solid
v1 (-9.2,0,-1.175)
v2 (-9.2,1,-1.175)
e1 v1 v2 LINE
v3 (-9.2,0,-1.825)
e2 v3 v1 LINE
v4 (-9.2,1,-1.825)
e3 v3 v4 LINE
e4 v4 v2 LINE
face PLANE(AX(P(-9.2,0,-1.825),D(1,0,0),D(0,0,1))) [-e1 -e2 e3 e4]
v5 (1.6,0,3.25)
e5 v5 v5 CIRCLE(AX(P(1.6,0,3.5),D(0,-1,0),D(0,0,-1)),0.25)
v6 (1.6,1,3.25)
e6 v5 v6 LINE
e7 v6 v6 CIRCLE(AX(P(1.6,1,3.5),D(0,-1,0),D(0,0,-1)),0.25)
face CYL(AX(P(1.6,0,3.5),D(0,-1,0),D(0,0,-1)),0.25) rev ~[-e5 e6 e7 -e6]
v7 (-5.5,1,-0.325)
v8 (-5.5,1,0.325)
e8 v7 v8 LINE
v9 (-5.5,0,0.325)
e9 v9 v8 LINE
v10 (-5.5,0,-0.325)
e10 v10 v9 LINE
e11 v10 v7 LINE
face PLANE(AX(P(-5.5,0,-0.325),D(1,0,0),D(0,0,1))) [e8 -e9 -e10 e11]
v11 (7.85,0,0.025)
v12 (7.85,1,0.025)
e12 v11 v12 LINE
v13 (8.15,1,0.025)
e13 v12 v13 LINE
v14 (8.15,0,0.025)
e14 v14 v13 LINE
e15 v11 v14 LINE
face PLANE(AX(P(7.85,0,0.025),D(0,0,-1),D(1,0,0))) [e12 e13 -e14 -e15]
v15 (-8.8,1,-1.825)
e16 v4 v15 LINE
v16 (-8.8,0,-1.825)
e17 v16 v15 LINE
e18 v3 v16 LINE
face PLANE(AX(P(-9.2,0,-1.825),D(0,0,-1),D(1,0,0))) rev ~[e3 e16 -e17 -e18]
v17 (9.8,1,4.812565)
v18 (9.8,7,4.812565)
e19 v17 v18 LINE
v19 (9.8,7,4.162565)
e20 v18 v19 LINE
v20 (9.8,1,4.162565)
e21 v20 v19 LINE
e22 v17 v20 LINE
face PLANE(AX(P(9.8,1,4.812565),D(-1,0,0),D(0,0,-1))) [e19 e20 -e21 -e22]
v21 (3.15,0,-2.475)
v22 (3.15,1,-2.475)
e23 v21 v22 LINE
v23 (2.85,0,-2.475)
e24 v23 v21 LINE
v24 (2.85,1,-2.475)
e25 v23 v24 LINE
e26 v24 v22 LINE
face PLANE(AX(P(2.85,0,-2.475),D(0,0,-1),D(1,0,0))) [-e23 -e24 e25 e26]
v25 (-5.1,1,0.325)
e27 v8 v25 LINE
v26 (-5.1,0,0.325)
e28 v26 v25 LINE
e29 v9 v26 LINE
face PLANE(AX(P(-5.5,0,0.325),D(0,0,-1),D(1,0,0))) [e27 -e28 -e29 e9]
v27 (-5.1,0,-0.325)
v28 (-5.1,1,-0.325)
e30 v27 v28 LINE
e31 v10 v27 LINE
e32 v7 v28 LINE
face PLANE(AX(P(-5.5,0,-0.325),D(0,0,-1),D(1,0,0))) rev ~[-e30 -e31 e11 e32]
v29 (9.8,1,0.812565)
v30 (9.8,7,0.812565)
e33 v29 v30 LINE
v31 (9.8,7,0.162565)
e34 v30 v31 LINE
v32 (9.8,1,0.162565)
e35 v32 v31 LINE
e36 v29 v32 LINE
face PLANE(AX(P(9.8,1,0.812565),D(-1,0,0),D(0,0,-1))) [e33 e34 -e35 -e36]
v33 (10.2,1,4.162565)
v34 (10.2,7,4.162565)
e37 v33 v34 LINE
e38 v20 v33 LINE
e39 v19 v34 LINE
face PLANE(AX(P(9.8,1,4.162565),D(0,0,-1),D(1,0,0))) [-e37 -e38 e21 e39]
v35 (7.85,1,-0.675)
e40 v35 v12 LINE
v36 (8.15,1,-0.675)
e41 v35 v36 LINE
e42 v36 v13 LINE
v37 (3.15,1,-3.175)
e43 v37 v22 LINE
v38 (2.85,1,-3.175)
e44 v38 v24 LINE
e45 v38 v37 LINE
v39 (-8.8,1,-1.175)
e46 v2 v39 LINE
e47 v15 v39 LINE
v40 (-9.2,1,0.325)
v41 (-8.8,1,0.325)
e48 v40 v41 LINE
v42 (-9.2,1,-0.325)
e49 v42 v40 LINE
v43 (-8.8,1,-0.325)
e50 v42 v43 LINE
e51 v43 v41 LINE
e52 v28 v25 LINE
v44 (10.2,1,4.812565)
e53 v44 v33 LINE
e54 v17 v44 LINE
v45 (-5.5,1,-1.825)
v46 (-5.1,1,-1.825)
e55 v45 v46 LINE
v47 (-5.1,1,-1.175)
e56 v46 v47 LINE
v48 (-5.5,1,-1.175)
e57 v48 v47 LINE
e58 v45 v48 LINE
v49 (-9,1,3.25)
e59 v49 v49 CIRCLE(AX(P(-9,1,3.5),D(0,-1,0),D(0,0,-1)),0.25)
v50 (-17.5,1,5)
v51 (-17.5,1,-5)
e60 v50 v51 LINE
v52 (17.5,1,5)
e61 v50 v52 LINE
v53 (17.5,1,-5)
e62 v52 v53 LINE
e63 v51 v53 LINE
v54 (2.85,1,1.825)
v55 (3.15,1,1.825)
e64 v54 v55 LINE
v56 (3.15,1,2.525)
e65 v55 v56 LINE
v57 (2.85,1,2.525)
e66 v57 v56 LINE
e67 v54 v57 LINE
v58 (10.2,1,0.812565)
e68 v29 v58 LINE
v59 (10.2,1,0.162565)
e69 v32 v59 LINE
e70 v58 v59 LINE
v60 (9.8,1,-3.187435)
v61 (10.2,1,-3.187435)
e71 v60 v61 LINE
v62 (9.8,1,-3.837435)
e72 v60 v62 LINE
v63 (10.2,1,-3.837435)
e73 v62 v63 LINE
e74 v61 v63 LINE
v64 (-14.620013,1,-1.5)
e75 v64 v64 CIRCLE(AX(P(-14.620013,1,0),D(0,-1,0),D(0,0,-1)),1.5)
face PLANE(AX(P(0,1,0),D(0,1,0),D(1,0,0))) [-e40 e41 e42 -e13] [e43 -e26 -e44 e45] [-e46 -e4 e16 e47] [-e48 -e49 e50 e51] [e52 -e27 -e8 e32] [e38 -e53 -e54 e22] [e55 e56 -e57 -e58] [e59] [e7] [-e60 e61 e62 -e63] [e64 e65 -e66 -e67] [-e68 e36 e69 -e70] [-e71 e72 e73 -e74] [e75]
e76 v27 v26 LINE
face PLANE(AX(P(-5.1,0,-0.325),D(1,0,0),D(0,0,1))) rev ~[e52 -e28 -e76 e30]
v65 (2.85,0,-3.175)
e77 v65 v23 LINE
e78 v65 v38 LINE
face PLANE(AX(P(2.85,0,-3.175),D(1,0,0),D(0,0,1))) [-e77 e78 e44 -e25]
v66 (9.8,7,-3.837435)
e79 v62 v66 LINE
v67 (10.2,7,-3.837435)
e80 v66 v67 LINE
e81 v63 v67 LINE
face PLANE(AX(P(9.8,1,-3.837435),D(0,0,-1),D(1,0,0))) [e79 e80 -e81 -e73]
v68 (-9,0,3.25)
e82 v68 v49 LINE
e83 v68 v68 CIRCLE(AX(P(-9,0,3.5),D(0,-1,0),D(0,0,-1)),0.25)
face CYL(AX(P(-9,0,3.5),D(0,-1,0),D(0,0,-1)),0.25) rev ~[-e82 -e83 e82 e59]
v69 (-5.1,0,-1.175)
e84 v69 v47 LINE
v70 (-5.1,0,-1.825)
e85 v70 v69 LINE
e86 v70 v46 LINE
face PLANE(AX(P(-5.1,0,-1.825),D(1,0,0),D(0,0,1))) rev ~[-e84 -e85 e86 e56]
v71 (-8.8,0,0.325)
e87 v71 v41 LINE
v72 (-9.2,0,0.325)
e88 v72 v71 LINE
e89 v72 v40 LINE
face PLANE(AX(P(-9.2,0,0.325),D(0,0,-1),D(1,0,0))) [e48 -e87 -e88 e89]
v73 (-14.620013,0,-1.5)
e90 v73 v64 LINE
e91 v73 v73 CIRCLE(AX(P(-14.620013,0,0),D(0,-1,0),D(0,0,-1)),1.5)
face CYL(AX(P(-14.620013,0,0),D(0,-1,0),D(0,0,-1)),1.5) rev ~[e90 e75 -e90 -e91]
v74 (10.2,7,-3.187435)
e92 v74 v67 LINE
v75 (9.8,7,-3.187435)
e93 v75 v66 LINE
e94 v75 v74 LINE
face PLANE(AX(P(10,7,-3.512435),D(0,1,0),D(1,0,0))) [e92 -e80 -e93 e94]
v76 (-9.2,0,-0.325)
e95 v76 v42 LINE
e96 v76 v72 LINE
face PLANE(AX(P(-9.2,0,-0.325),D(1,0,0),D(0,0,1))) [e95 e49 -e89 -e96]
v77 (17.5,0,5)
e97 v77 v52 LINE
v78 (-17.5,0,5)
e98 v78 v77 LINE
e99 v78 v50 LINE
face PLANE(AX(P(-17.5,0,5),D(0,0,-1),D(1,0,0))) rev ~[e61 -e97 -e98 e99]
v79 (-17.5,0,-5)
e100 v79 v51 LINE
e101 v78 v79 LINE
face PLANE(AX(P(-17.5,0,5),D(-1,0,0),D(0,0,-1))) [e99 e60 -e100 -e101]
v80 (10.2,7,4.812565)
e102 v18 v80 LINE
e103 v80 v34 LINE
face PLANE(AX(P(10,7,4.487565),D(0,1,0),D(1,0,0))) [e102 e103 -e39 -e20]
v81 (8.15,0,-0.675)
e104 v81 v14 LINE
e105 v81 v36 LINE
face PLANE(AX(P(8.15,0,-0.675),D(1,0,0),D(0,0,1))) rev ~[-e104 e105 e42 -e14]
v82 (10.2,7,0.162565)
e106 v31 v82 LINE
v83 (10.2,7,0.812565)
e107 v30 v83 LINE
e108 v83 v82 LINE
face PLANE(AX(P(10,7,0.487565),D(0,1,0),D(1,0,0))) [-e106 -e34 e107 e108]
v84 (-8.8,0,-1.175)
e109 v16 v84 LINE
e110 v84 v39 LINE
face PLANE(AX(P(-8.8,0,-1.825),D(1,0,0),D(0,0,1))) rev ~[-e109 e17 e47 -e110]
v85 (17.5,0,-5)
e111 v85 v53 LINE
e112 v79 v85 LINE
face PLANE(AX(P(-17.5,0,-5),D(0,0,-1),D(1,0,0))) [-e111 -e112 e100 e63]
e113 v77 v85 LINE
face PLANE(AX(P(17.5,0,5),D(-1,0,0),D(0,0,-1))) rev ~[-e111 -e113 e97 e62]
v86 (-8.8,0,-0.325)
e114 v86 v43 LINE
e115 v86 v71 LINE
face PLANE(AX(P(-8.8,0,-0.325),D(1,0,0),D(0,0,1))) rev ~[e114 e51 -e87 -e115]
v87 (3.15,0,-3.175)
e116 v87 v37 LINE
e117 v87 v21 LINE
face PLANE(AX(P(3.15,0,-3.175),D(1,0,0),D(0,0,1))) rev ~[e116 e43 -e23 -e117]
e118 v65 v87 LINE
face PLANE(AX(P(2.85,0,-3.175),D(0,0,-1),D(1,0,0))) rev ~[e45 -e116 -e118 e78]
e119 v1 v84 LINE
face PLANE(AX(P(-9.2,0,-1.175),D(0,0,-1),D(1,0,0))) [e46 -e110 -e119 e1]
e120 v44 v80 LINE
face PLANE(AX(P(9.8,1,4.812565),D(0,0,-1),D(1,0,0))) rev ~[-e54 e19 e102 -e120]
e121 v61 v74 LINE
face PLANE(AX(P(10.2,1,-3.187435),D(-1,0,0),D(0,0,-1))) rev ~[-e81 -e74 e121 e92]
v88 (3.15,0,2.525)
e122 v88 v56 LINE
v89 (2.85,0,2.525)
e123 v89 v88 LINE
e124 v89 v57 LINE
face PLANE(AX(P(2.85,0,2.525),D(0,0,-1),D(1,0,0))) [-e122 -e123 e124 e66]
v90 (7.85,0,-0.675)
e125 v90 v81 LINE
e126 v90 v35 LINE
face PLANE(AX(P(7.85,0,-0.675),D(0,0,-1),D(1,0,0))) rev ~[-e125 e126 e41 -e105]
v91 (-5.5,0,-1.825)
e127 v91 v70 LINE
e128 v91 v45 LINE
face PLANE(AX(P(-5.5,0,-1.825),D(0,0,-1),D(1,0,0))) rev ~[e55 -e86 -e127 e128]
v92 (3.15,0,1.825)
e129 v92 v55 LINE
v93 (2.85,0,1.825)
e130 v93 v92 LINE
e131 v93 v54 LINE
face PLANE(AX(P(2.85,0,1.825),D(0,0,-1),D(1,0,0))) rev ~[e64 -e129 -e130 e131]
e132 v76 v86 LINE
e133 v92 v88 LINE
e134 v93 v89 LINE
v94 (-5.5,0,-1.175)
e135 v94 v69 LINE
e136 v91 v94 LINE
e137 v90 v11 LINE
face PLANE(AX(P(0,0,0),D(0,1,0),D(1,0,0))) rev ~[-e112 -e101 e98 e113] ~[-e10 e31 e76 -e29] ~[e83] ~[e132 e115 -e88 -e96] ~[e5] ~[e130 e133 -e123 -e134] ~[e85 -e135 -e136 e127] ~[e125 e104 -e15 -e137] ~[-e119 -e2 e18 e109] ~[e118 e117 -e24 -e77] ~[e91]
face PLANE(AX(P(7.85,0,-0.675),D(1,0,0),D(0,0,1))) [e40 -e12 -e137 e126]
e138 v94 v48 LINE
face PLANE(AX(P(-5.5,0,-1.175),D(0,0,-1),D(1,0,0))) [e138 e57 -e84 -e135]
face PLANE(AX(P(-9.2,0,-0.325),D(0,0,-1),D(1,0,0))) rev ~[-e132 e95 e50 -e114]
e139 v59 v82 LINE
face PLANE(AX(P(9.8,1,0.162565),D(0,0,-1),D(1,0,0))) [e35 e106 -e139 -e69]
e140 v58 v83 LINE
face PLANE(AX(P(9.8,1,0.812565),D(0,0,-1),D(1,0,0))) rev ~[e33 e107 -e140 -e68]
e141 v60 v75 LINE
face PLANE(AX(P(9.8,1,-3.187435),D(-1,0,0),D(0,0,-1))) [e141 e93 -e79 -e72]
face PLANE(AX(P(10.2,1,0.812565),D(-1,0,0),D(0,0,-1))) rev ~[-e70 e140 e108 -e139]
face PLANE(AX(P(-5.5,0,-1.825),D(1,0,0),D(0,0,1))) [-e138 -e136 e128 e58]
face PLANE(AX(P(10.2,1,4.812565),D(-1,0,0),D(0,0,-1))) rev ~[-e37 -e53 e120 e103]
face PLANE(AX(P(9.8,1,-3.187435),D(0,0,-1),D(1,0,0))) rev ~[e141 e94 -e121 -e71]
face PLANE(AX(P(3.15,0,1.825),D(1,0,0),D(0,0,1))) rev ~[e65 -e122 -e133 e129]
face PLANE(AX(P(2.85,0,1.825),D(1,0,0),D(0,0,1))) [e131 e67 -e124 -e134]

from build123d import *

# Parameters (mm, degrees)
SKETCH1_W           = 35
SKETCH1_H           = 10
BOSS_EXTRUDE1_DEPTH = 1
SKETCH2_R           = 0.25
SKETCH2_R_2         = 1.5
SKETCH2_W           = 0.4
SKETCH2_H           = 0.65
SKETCH2_W_2         = 0.3
SKETCH2_H_2         = 0.7
CUT_EXTRUDE1_DEPTH  = 1
SKETCH3_W           = 0.4
SKETCH3_H           = 0.65
BOSS_EXTRUDE2_DEPTH = 6


with BuildPart() as part:
    # Sketch1 → Boss-Extrude1 (new body)
    with BuildSketch(Plane(origin=(0, 0, 0), x_dir=(1, 0, 0), z_dir=(0, 1, 0))):
        Rectangle(SKETCH1_W, SKETCH1_H)
    extrude(amount=BOSS_EXTRUDE1_DEPTH)

    # Sketch2 → Cut-Extrude1 (cut)
    with BuildSketch(Plane.XZ):
        with Locations(Location((-9, 3.5, 0), (0, 0, 270))):
            Circle(SKETCH2_R)
        with Locations(Location((1.6, 3.5, 0), (0, 0, 270))):
            Circle(SKETCH2_R)
        with Locations(Location((-14.620013046, 0, 0), (0, 0, 270))):
            Circle(SKETCH2_R_2)
        with Locations((-9, 0)):
            Rectangle(SKETCH2_W, SKETCH2_H)
        with Locations((-9, -1.5)):
            Rectangle(SKETCH2_W, SKETCH2_H)
        with Locations((-5.3, 0)):
            Rectangle(SKETCH2_W, SKETCH2_H)
        with Locations((-5.3, -1.5)):
            Rectangle(SKETCH2_W, SKETCH2_H)
        with Locations((8, -0.325)):
            Rectangle(SKETCH2_W_2, SKETCH2_H_2)
        with Locations((3, 2.175)):
            Rectangle(SKETCH2_W_2, SKETCH2_H_2)
        with Locations((3, -2.825)):
            Rectangle(SKETCH2_W_2, SKETCH2_H_2)
    extrude(amount=-CUT_EXTRUDE1_DEPTH, mode=Mode.SUBTRACT)

    # Sketch3 → Boss-Extrude2 (add)
    with BuildSketch(Plane(origin=(0, 1, 0), x_dir=(1, 0, 0), z_dir=(0, 1, 0))):
        with Locations((10, -0.487564974)):
            Rectangle(SKETCH3_W, SKETCH3_H)
        with Locations((10, 3.512435026)):
            Rectangle(SKETCH3_W, SKETCH3_H)
        with Locations((10, -4.487564974)):
            Rectangle(SKETCH3_W, SKETCH3_H)
    extrude(amount=BOSS_EXTRUDE2_DEPTH)


solid = part.part
